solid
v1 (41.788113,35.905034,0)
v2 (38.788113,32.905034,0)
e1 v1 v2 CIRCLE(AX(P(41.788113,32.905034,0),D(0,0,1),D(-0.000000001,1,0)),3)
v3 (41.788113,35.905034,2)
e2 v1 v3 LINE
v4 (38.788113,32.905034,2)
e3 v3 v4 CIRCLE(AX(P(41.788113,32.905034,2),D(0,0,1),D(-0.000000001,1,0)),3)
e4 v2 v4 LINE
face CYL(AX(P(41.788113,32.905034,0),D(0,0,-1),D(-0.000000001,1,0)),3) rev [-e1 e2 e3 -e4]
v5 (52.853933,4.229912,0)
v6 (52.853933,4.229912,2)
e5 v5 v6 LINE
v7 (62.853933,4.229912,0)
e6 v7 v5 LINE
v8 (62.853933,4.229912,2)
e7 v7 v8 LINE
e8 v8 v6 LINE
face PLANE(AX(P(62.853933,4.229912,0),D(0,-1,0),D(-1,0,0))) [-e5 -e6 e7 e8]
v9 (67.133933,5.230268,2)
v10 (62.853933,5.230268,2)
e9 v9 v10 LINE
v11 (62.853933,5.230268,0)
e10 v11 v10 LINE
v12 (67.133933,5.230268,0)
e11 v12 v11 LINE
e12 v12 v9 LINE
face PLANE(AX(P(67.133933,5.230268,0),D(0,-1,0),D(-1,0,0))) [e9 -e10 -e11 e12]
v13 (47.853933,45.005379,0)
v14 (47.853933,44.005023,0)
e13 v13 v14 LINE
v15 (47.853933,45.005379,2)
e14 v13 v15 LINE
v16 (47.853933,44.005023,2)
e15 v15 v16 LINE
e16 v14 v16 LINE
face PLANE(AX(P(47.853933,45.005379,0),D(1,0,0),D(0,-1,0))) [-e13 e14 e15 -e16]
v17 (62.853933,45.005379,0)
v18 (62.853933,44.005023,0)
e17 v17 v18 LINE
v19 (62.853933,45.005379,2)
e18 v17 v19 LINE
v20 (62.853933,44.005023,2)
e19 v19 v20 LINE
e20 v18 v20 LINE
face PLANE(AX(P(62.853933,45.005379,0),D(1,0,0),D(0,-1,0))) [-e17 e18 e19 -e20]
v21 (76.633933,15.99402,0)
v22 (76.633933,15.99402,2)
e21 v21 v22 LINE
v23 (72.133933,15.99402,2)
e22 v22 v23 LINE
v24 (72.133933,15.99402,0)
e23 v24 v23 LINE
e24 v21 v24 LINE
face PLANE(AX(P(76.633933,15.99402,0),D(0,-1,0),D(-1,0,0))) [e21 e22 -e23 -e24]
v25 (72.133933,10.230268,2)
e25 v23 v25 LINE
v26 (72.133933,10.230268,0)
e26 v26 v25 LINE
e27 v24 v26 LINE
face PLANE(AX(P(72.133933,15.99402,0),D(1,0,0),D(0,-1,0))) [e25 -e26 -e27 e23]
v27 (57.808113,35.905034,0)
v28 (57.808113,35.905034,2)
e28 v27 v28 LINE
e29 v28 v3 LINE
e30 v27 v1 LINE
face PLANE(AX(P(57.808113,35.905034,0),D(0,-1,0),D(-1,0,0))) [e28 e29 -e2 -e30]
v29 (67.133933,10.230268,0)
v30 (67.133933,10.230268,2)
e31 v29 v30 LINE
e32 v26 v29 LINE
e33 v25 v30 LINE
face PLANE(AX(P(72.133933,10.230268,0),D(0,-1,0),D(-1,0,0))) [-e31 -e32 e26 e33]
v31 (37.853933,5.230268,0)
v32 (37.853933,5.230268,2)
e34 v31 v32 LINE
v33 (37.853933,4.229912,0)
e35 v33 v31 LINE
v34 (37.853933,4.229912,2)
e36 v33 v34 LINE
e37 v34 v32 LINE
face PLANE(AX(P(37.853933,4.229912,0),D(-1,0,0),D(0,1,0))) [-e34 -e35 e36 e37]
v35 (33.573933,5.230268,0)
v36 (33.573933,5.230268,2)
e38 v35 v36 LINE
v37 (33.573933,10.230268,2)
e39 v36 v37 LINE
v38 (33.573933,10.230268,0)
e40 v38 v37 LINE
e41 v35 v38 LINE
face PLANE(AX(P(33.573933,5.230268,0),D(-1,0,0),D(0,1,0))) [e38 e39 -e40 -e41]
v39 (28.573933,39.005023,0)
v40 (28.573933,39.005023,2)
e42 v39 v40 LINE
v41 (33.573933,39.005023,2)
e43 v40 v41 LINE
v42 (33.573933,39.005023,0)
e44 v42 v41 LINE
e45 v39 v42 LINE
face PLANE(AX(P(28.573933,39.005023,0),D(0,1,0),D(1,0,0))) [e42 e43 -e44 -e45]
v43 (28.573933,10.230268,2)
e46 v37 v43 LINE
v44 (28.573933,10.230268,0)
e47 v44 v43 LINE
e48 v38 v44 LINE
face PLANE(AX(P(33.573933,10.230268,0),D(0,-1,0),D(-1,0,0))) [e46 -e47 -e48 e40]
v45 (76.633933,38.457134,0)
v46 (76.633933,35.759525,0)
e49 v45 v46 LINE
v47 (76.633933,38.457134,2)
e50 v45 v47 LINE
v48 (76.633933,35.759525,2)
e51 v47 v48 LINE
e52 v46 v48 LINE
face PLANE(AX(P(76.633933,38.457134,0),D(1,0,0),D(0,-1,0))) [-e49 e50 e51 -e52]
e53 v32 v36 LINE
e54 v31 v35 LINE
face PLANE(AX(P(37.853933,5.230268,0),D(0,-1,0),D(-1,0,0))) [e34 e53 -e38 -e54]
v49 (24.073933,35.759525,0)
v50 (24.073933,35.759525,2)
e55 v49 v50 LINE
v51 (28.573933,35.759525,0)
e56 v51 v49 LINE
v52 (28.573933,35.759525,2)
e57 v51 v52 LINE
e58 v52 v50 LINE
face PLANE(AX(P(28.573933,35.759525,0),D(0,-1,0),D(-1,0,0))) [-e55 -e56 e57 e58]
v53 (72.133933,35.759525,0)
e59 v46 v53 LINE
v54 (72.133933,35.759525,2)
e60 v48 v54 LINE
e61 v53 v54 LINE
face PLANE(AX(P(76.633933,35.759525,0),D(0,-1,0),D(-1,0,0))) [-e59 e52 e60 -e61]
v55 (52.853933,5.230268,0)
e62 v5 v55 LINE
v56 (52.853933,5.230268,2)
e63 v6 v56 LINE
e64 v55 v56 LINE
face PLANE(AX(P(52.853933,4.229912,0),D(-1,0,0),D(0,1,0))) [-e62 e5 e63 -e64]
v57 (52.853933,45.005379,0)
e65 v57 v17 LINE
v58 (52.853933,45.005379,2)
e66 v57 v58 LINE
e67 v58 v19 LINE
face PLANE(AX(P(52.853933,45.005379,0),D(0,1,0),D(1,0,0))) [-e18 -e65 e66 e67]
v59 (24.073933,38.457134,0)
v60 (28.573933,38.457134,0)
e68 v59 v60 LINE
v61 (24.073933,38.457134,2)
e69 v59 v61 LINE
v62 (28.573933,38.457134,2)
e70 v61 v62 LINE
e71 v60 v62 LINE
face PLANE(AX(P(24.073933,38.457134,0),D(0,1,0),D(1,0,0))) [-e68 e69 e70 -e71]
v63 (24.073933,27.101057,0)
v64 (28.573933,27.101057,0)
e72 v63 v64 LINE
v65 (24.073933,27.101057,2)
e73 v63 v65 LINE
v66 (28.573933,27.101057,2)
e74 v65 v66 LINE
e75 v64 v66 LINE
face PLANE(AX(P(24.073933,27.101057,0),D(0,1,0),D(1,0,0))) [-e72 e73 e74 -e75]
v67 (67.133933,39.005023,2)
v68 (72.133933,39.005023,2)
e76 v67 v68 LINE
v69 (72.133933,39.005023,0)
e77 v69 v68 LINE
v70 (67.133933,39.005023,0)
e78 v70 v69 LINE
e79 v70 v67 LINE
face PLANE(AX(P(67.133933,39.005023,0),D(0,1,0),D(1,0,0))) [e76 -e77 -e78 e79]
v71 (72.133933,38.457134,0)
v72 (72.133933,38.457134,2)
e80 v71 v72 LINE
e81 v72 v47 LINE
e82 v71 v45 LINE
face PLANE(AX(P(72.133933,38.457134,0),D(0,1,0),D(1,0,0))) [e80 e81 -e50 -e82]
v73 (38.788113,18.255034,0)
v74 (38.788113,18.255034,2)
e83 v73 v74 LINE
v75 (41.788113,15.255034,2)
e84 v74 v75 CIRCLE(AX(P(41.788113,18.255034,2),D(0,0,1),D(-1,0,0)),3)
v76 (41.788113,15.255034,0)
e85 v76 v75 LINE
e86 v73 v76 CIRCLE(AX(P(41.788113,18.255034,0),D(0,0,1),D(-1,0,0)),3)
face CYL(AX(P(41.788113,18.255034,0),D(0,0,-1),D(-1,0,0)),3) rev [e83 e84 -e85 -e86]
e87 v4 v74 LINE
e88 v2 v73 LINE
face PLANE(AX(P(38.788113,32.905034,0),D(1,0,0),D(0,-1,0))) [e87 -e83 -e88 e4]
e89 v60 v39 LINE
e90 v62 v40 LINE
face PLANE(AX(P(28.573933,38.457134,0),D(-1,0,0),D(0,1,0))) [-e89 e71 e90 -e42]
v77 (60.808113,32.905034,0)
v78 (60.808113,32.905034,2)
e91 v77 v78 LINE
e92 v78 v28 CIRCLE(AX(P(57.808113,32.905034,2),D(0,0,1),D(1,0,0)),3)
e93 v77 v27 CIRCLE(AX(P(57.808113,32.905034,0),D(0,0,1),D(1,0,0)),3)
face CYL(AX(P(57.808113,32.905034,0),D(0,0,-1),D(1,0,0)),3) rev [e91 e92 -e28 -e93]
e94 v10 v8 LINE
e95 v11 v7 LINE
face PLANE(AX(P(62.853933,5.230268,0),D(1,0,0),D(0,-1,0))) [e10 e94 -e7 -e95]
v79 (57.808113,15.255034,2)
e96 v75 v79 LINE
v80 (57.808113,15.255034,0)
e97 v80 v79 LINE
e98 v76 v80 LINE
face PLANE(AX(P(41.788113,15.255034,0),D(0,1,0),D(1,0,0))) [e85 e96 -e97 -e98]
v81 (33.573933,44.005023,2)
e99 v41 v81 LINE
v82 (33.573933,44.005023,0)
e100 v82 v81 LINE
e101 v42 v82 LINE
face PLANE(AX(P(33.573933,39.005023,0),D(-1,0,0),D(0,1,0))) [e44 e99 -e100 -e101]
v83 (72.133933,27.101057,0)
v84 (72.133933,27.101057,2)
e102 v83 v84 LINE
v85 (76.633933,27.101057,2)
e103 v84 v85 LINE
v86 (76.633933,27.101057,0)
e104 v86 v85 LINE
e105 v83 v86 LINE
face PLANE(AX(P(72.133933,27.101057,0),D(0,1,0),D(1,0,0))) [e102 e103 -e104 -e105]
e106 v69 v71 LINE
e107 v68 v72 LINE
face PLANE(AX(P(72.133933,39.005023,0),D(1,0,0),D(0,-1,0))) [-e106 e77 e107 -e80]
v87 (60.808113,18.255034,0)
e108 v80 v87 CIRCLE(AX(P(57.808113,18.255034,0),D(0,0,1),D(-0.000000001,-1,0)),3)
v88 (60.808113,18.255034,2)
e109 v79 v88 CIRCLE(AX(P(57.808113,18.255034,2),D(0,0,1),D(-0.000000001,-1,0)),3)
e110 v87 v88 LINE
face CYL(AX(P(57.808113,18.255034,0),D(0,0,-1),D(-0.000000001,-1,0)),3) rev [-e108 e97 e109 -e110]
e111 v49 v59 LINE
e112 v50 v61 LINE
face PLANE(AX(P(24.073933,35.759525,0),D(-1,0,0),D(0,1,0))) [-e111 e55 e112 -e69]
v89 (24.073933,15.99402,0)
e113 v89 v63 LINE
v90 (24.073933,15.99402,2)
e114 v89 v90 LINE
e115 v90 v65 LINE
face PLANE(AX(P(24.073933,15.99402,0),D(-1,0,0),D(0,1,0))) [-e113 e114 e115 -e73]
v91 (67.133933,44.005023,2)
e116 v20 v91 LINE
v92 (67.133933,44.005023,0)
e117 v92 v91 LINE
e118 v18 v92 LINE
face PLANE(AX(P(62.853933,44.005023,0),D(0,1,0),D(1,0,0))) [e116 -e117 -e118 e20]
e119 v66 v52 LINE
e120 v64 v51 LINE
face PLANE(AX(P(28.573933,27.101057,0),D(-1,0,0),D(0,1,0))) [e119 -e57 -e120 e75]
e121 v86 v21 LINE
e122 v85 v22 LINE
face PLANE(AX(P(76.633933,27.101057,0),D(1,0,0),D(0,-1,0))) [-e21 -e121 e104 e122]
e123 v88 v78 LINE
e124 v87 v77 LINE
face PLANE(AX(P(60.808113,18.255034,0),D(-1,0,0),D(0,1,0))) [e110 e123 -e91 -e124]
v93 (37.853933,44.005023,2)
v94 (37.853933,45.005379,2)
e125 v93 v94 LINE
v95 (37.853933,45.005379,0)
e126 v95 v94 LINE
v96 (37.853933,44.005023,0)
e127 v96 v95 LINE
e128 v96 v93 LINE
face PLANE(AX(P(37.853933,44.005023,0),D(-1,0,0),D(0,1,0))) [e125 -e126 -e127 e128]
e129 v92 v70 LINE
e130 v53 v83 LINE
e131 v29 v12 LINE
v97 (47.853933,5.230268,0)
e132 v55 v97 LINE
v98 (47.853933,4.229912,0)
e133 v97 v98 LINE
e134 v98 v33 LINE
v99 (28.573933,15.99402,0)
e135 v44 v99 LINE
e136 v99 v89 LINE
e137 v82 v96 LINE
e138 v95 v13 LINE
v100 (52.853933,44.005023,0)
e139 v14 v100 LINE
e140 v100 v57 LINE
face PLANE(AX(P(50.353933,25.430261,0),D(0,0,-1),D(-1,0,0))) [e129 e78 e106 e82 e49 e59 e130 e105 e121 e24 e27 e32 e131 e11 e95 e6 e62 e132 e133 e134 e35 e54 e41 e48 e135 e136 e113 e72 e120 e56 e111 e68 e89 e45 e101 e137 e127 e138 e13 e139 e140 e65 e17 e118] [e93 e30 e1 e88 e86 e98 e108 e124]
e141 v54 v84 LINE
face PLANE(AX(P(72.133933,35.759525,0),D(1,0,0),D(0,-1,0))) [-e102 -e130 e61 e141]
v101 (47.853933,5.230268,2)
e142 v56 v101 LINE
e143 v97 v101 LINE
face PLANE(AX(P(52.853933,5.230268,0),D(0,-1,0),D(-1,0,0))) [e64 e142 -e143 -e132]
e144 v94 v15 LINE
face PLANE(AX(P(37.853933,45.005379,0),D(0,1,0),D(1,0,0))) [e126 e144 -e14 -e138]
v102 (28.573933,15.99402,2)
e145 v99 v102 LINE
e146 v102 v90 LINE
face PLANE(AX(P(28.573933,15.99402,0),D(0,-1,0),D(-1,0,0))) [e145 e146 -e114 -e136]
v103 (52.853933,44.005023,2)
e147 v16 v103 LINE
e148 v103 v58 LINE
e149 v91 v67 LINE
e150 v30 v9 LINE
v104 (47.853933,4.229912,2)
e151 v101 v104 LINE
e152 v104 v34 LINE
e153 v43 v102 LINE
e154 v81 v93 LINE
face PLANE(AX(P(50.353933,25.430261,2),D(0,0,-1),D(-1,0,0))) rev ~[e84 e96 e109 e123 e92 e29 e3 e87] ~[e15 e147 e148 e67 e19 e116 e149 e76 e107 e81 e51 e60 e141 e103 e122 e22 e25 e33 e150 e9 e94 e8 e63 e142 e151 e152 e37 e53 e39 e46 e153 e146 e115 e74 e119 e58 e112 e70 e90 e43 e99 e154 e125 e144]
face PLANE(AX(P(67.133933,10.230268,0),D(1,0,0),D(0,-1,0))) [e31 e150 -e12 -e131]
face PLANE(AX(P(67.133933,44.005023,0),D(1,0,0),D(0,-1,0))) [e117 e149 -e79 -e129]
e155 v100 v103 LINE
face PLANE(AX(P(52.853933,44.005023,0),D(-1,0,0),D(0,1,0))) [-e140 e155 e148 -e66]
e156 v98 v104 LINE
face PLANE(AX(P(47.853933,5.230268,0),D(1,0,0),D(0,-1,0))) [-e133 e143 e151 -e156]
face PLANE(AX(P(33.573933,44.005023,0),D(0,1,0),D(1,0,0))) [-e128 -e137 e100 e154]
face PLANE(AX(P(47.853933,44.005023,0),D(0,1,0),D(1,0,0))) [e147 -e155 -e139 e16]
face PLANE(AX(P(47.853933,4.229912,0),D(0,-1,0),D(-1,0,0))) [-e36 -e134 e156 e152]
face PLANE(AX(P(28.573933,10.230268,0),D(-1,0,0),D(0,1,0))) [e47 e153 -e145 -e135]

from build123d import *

# Parameters (mm, degrees)
EXTRUDE_1_DEPTH = 2


with BuildPart() as part:
    # Model → 凸台-拉伸1 (new body)
    with BuildSketch(Plane.XY):
        Polygon((33.5739334, 44.005023309), (37.8539334, 44.005023309), (37.8539334, 45.005379015), (47.8539334, 45.005379015), (47.8539334, 44.005023309), (52.8539334, 44.005023309), (52.8539334, 45.005379015), (62.8539334, 45.005379015), (62.8539334, 44.005023309), (67.1339334, 44.005023309), (67.1339334, 39.005023309), (72.1339334, 39.005023309), (72.1339334, 38.457134168), (76.6339334, 38.457134168), (76.6339334, 35.759524505), (72.1339334, 35.759524505), (72.1339334, 27.10105698), (76.6339334, 27.10105698), (76.6339334, 15.994019606), (72.1339334, 15.994019606), (72.1339334, 10.230267781), (67.1339334, 10.230267781), (67.1339334, 5.230267781), (62.8539334, 5.230267781), (62.8539334, 4.229912075), (52.8539334, 4.229912075), (52.8539334, 5.230267781), (47.8539334, 5.230267781), (47.8539334, 4.229912075), (37.8539334, 4.229912075), (37.8539334, 5.230267781), (33.5739334, 5.230267781), (33.5739334, 10.230267781), (28.5739334, 10.230267781), (28.5739334, 15.994019606), (24.0739334, 15.994019606), (24.0739334, 27.10105698), (28.5739334, 27.10105698), (28.5739334, 35.759524505), (24.0739334, 35.759524505), (24.0739334, 38.457134168), (28.5739334, 38.457134168), (28.5739334, 39.005023309), (33.5739334, 39.005023309), align=None)
        with BuildLine():
            Line((57.808112517, 35.90503424), (41.788112517, 35.90503424))
            ThreePointArc((41.788112517, 35.90503424), (39.666792174, 35.026354583), (38.788112517, 32.90503424))
            Line((38.788112517, 32.90503424), (38.788112517, 18.25503424))
            ThreePointArc((38.788112517, 18.25503424), (39.666792174, 16.133713896), (41.788112517, 15.25503424))
            Line((41.788112517, 15.25503424), (57.808112517, 15.25503424))
            ThreePointArc((57.808112517, 15.25503424), (59.929432861, 16.133713896), (60.808112517, 18.25503424))
            Line((60.808112517, 18.25503424), (60.808112517, 32.90503424))
            ThreePointArc((60.808112517, 32.90503424), (59.929432861, 35.026354583), (57.808112517, 35.90503424))
        make_face(mode=Mode.SUBTRACT)
    extrude(amount=EXTRUDE_1_DEPTH)


solid = part.part
